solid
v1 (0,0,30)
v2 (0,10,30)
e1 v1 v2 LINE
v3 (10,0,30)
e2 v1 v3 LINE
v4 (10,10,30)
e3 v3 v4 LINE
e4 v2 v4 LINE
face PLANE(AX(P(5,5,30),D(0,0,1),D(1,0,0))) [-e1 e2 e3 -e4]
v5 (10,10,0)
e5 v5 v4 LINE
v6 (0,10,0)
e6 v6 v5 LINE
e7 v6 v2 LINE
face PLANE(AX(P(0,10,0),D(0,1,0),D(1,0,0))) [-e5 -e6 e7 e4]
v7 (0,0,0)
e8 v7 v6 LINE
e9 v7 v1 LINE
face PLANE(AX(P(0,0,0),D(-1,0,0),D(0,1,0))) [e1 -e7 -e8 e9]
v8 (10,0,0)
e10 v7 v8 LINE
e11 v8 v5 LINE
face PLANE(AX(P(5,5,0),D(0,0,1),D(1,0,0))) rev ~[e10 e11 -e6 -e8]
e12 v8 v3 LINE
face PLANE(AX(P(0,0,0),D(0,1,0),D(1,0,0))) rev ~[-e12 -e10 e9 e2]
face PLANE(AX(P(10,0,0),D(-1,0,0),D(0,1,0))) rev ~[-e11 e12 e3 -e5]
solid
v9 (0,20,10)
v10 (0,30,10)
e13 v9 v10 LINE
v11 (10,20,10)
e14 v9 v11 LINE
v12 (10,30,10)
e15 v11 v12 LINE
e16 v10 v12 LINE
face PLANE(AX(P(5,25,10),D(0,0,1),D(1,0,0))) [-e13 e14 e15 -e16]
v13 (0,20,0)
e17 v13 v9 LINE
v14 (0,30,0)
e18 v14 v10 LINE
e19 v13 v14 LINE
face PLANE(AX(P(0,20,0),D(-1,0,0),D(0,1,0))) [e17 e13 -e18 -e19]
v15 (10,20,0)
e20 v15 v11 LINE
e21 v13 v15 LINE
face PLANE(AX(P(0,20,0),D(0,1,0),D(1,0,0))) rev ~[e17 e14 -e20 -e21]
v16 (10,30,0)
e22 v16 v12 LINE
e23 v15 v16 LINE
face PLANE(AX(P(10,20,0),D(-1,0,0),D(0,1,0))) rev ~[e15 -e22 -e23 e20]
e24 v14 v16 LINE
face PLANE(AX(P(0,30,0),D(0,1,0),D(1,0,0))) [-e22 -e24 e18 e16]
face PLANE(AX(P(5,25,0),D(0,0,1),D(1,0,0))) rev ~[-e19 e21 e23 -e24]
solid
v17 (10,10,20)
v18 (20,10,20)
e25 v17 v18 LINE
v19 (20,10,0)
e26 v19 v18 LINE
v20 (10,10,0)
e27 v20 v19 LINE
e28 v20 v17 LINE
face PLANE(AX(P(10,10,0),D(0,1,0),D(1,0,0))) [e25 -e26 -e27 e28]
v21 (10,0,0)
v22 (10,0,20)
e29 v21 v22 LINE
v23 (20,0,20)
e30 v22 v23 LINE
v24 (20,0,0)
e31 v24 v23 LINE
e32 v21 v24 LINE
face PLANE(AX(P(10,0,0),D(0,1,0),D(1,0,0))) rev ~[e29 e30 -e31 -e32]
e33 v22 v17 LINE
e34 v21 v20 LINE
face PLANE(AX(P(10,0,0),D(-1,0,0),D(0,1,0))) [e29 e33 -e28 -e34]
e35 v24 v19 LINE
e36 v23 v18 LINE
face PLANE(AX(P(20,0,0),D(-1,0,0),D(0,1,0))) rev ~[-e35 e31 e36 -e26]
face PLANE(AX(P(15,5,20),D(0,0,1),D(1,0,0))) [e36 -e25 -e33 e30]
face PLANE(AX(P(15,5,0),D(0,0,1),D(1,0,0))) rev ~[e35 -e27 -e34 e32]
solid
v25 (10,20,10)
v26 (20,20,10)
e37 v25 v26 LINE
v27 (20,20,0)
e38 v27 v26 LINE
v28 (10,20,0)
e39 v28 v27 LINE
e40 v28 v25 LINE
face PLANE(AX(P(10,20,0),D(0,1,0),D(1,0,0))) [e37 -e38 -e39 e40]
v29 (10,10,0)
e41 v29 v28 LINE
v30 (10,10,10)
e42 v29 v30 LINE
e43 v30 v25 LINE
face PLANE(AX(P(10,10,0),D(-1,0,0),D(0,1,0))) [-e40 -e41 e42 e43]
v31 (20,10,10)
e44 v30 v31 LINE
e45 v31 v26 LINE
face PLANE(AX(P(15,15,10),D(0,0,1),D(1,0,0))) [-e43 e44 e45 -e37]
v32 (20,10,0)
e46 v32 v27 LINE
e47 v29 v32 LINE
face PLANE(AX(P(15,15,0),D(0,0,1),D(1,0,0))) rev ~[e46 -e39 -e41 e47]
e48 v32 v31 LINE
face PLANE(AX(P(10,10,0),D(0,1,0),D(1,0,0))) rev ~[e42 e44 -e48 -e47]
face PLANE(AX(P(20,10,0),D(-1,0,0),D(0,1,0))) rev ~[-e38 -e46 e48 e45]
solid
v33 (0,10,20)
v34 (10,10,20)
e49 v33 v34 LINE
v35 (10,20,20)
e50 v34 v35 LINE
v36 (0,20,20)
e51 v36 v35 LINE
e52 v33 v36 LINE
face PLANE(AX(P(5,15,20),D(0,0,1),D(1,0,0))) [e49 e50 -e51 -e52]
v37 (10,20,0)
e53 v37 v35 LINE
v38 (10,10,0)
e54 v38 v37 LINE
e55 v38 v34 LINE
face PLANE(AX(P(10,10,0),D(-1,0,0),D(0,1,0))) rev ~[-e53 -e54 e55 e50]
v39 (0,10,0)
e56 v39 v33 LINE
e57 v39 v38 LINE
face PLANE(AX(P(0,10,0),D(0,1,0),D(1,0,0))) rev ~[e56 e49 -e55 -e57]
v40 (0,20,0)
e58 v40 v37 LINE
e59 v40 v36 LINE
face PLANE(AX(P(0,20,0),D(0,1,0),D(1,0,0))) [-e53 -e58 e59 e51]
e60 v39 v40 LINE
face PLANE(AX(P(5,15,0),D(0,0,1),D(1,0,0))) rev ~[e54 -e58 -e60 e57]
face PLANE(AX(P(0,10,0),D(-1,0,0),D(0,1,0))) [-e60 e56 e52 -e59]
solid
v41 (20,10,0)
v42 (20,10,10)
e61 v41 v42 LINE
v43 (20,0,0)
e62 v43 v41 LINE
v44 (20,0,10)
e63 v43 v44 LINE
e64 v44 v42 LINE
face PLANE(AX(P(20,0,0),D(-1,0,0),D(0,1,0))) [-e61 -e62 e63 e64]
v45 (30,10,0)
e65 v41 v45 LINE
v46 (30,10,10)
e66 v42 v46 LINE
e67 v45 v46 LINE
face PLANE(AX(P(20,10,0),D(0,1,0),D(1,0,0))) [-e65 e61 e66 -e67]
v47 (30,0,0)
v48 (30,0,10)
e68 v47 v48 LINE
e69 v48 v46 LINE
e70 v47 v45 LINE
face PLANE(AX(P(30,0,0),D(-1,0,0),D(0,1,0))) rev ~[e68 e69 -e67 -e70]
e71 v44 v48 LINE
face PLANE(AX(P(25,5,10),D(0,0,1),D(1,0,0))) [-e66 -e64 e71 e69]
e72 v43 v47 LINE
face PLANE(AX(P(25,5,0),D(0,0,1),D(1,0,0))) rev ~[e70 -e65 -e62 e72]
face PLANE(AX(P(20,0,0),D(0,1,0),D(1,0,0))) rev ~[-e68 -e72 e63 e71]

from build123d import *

# Parameters (mm, degrees)
BOX_W        = 10
BOX_H        = 10
BOX_DEPTH    = 30
BOX001_W     = 10
BOX001_H     = 10
BOX001_DEPTH = 20
BOX002_W     = 10
BOX002_H     = 10
BOX002_DEPTH = 20
BOX003_W     = 10
BOX003_H     = 10
BOX003_DEPTH = 10
BOX004_W     = 10
BOX004_H     = 10
BOX004_DEPTH = 10
BOX005_W     = 10
BOX005_H     = 10
BOX005_DEPTH = 10


with BuildPart() as box:
    # Box → Box (new body)
    with BuildSketch(Plane.XY):
        with Locations((5, 5)):
            Rectangle(BOX_W, BOX_H)
    extrude(amount=BOX_DEPTH)


with BuildPart() as box001:
    # Box001 → Box001 (new body)
    with BuildSketch(Plane(origin=(10, 0, 0), x_dir=(1, 0, 0), z_dir=(0, 0, 1))):
        with Locations((5, 5)):
            Rectangle(BOX001_W, BOX001_H)
    extrude(amount=BOX001_DEPTH)


with BuildPart() as box002:
    # Box002 → Box002 (new body)
    with BuildSketch(Plane(origin=(0, 10, 0), x_dir=(1, 0, 0), z_dir=(0, 0, 1))):
        with Locations((5, 5)):
            Rectangle(BOX002_W, BOX002_H)
    extrude(amount=BOX002_DEPTH)


with BuildPart() as cub:
    # Box003 → Box003 (new body)
    with BuildSketch(Plane(origin=(20, 0, 0), x_dir=(1, 0, 0), z_dir=(0, 0, 1))):
        with Locations((5, 5)):
            Rectangle(BOX003_W, BOX003_H)
    extrude(amount=BOX003_DEPTH)


with BuildPart() as cub001:
    # Box004 → Box004 (new body)
    with BuildSketch(Plane(origin=(0, 20, 0), x_dir=(1, 0, 0), z_dir=(0, 0, 1))):
        with Locations((5, 5)):
            Rectangle(BOX004_W, BOX004_H)
    extrude(amount=BOX004_DEPTH)


with BuildPart() as cub002:
    # Box005 → Box005 (new body)
    with BuildSketch(Plane(origin=(10, 10, 0), x_dir=(1, 0, 0), z_dir=(0, 0, 1))):
        with Locations((5, 5)):
            Rectangle(BOX005_W, BOX005_H)
    extrude(amount=BOX005_DEPTH)


solid = Compound([box.part, box001.part, box002.part, cub.part, cub001.part, cub002.part])
